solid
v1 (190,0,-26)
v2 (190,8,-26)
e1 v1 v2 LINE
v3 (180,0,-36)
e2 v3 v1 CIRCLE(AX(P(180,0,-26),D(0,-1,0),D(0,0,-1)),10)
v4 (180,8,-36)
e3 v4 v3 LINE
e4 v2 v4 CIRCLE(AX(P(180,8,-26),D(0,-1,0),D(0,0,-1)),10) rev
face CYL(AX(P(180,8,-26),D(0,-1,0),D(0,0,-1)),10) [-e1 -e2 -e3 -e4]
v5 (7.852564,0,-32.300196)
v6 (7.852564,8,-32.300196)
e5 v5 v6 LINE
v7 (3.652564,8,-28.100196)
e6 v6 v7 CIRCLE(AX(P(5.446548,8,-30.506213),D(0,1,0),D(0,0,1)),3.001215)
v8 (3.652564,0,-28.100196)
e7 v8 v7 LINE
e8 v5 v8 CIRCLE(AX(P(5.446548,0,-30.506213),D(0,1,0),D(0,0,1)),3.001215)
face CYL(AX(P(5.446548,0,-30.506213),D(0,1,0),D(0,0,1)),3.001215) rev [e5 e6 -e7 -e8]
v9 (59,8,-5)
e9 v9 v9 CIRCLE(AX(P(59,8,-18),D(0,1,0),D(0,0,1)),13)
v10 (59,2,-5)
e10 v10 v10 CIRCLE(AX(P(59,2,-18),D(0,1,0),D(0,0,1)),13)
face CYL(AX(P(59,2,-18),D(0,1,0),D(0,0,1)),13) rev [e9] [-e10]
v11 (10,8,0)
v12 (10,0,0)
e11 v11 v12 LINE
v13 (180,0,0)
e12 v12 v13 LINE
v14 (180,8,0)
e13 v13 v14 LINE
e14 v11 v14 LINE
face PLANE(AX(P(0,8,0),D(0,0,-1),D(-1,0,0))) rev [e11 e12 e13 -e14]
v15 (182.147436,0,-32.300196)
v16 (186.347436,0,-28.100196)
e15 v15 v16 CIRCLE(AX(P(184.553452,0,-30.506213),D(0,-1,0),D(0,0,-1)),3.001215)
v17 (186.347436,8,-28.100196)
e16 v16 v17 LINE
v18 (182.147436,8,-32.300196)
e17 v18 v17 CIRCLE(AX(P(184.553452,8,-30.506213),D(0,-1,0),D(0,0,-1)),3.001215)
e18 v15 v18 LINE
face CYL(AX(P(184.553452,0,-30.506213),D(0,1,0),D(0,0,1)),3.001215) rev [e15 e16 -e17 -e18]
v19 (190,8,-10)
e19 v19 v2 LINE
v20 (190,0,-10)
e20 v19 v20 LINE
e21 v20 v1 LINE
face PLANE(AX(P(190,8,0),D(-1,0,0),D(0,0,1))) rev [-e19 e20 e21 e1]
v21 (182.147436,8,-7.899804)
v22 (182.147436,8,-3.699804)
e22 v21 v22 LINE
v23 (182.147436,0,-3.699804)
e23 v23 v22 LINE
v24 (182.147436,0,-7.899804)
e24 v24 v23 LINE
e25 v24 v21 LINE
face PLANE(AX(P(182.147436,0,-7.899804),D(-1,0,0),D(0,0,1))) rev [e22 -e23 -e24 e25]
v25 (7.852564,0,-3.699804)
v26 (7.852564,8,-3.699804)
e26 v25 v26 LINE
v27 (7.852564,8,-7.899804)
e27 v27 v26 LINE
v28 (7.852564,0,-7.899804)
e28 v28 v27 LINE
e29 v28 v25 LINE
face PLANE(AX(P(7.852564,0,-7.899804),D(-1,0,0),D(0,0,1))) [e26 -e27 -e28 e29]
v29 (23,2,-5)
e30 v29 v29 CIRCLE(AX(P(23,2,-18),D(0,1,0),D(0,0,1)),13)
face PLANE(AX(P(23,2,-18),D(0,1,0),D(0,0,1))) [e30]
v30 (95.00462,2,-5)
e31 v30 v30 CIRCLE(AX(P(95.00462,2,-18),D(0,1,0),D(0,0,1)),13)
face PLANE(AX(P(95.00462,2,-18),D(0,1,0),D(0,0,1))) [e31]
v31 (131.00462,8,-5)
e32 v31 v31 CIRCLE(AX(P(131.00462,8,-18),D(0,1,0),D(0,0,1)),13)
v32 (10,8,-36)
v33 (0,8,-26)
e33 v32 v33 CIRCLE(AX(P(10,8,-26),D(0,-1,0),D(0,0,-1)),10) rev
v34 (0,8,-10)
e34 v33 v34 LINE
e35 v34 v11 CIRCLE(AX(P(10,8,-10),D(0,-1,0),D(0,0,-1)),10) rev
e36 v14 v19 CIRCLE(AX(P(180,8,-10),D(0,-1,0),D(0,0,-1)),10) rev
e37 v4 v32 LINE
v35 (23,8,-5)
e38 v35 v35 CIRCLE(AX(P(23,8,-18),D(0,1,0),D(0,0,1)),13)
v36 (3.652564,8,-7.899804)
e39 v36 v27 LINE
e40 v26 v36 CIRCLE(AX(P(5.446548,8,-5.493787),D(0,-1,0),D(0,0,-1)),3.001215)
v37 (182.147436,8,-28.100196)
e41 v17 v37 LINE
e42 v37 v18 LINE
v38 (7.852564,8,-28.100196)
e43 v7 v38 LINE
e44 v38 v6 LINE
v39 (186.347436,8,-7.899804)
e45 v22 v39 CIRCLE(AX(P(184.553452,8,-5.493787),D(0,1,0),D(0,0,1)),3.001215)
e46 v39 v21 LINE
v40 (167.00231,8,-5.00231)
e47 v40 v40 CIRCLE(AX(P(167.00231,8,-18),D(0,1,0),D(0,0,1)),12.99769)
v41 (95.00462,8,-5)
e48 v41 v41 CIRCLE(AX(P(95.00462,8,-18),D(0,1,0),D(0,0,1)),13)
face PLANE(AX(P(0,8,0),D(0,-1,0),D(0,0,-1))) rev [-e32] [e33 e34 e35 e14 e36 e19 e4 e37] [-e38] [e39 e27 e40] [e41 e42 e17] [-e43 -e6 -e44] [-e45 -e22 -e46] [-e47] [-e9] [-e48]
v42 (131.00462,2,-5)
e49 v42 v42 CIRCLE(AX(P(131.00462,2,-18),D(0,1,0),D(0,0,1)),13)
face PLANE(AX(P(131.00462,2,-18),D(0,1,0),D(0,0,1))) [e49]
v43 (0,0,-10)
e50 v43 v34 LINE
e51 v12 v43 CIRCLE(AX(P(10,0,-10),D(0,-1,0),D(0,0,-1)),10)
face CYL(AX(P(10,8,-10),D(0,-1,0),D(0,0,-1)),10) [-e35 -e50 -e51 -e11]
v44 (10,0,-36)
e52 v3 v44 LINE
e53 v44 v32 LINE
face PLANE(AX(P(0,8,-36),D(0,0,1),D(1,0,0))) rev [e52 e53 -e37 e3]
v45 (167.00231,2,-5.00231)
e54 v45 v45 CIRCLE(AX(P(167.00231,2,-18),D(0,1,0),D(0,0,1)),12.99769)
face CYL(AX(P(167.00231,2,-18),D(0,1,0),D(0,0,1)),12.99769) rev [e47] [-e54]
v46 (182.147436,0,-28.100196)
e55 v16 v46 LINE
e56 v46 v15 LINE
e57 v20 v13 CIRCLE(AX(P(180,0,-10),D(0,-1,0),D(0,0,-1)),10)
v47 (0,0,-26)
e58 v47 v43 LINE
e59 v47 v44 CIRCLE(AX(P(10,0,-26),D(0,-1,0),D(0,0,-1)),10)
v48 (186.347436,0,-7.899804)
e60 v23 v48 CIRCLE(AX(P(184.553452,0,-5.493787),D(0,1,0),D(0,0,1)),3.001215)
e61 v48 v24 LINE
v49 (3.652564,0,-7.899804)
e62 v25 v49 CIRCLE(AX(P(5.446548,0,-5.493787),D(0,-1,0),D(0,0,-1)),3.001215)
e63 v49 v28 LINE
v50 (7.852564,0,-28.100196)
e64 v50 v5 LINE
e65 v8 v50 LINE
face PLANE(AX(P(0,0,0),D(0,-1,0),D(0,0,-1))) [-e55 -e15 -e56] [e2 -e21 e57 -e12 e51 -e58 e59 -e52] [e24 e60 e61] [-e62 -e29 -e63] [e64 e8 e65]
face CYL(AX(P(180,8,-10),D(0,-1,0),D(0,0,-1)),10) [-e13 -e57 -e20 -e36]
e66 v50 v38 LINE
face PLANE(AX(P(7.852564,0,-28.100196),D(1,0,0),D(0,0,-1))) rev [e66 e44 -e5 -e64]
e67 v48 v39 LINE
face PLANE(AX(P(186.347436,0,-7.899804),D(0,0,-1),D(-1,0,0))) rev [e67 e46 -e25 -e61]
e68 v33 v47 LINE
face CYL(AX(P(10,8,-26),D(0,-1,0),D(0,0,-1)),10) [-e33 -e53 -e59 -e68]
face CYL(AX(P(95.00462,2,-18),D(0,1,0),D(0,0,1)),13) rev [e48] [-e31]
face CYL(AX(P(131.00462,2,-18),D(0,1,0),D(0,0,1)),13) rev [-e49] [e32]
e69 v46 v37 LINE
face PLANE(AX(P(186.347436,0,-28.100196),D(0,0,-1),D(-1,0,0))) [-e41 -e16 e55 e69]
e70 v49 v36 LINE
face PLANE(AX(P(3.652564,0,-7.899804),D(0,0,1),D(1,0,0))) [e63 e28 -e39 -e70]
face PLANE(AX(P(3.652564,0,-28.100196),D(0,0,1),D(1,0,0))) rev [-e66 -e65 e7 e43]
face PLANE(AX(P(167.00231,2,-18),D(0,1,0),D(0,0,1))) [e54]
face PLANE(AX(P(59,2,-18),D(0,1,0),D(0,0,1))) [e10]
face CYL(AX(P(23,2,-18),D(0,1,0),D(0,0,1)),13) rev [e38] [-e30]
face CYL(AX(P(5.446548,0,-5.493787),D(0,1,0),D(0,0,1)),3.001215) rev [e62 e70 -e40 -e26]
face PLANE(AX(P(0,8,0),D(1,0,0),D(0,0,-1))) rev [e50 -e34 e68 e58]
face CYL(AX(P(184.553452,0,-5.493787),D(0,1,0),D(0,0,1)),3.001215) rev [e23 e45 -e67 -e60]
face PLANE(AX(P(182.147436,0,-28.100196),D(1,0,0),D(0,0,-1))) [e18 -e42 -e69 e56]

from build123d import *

# Parameters (mm, degrees)
SKETCH5_W           = 190
SKETCH5_H           = 36
BOSS_EXTRUDE1_DEPTH = 8
SKETCH6_R           = 13
SKETCH6_R_2         = 12.99768992
CUT_EXTRUDE1_DEPTH  = 6
FILLET1_R           = 10
CUT_EXTRUDE2_DEPTH  = 8


with BuildPart() as part:
    # Sketch5 → Boss-Extrude1 (new body)
    with BuildSketch(Plane(origin=(0, 0, 0), x_dir=(1, 0, 0), z_dir=(0, 1, 0))):
        with Locations((95, 18)):
            Rectangle(SKETCH5_W, SKETCH5_H)
    extrude(amount=BOSS_EXTRUDE1_DEPTH)

    # Sketch6 → Cut-Extrude1 (cut)
    with BuildSketch(Plane(origin=(0, 8, 0), x_dir=(1, 0, 0), z_dir=(0, 1, 0))):
        with Locations(Location((23, 18, 0), (0, 0, 270))):
            Circle(SKETCH6_R)
        with Locations(Location((59, 18, 0), (0, 0, 270))):
            Circle(SKETCH6_R)
        with Locations(Location((95.004620161, 18, 0), (0, 0, 270))):
            Circle(SKETCH6_R)
        with Locations(Location((131.004620161, 18, 0), (0, 0, 270))):
            Circle(SKETCH6_R)
        with Locations(Location((167.00231008, 18, 0), (0, 0, 270))):
            Circle(SKETCH6_R_2)
    extrude(amount=-CUT_EXTRUDE1_DEPTH, mode=Mode.SUBTRACT)

    # Fillet1
    fillet1_edges = [part.edges().sort_by_distance(p)[0] for p in [
        (0, 4, -36),
        (190, 4, -36),
        (190, 4, 0),
        (0, 4, 0),
    ]]
    fillet(fillet1_edges, radius=FILLET1_R)

    # Sketch9 → Cut-Extrude2 (cut)
    with BuildSketch(Plane(origin=(0, 8, 0), x_dir=(1, 0, 0), z_dir=(0, 1, 0))):
        with BuildLine():
            Line((3.652564445, 7.899803831), (7.852564445, 7.899803831))
            Line((7.852564445, 7.899803831), (7.852564445, 3.699803831))
            ThreePointArc((7.852564445, 3.699803831), (3.324368465, 3.371607851), (3.652564445, 7.899803831))
        make_face()
        with BuildLine():
            Line((7.852564445, 28.100196169), (7.852564445, 32.300196169))
            ThreePointArc((7.852564445, 32.300196169), (3.324368465, 32.628392149), (3.652564445, 28.100196169))
            Line((3.652564445, 28.100196169), (7.852564445, 28.100196169))
        make_face()
        with BuildLine():
            Line((182.147435555, 7.899803831), (182.147435555, 3.699803831))
            ThreePointArc((182.147435555, 3.699803831), (186.675631535, 3.371607851), (186.347435555, 7.899803831))
            Line((186.347435555, 7.899803831), (182.147435555, 7.899803831))
        make_face()
        with BuildLine():
            Line((182.147435555, 28.100196169), (182.147435555, 32.300196169))
            ThreePointArc((182.147435555, 32.300196169), (186.675631535, 32.628392149), (186.347435555, 28.100196169))
            Line((186.347435555, 28.100196169), (182.147435555, 28.100196169))
        make_face()
    extrude(amount=-CUT_EXTRUDE2_DEPTH, mode=Mode.SUBTRACT)


solid = part.part
